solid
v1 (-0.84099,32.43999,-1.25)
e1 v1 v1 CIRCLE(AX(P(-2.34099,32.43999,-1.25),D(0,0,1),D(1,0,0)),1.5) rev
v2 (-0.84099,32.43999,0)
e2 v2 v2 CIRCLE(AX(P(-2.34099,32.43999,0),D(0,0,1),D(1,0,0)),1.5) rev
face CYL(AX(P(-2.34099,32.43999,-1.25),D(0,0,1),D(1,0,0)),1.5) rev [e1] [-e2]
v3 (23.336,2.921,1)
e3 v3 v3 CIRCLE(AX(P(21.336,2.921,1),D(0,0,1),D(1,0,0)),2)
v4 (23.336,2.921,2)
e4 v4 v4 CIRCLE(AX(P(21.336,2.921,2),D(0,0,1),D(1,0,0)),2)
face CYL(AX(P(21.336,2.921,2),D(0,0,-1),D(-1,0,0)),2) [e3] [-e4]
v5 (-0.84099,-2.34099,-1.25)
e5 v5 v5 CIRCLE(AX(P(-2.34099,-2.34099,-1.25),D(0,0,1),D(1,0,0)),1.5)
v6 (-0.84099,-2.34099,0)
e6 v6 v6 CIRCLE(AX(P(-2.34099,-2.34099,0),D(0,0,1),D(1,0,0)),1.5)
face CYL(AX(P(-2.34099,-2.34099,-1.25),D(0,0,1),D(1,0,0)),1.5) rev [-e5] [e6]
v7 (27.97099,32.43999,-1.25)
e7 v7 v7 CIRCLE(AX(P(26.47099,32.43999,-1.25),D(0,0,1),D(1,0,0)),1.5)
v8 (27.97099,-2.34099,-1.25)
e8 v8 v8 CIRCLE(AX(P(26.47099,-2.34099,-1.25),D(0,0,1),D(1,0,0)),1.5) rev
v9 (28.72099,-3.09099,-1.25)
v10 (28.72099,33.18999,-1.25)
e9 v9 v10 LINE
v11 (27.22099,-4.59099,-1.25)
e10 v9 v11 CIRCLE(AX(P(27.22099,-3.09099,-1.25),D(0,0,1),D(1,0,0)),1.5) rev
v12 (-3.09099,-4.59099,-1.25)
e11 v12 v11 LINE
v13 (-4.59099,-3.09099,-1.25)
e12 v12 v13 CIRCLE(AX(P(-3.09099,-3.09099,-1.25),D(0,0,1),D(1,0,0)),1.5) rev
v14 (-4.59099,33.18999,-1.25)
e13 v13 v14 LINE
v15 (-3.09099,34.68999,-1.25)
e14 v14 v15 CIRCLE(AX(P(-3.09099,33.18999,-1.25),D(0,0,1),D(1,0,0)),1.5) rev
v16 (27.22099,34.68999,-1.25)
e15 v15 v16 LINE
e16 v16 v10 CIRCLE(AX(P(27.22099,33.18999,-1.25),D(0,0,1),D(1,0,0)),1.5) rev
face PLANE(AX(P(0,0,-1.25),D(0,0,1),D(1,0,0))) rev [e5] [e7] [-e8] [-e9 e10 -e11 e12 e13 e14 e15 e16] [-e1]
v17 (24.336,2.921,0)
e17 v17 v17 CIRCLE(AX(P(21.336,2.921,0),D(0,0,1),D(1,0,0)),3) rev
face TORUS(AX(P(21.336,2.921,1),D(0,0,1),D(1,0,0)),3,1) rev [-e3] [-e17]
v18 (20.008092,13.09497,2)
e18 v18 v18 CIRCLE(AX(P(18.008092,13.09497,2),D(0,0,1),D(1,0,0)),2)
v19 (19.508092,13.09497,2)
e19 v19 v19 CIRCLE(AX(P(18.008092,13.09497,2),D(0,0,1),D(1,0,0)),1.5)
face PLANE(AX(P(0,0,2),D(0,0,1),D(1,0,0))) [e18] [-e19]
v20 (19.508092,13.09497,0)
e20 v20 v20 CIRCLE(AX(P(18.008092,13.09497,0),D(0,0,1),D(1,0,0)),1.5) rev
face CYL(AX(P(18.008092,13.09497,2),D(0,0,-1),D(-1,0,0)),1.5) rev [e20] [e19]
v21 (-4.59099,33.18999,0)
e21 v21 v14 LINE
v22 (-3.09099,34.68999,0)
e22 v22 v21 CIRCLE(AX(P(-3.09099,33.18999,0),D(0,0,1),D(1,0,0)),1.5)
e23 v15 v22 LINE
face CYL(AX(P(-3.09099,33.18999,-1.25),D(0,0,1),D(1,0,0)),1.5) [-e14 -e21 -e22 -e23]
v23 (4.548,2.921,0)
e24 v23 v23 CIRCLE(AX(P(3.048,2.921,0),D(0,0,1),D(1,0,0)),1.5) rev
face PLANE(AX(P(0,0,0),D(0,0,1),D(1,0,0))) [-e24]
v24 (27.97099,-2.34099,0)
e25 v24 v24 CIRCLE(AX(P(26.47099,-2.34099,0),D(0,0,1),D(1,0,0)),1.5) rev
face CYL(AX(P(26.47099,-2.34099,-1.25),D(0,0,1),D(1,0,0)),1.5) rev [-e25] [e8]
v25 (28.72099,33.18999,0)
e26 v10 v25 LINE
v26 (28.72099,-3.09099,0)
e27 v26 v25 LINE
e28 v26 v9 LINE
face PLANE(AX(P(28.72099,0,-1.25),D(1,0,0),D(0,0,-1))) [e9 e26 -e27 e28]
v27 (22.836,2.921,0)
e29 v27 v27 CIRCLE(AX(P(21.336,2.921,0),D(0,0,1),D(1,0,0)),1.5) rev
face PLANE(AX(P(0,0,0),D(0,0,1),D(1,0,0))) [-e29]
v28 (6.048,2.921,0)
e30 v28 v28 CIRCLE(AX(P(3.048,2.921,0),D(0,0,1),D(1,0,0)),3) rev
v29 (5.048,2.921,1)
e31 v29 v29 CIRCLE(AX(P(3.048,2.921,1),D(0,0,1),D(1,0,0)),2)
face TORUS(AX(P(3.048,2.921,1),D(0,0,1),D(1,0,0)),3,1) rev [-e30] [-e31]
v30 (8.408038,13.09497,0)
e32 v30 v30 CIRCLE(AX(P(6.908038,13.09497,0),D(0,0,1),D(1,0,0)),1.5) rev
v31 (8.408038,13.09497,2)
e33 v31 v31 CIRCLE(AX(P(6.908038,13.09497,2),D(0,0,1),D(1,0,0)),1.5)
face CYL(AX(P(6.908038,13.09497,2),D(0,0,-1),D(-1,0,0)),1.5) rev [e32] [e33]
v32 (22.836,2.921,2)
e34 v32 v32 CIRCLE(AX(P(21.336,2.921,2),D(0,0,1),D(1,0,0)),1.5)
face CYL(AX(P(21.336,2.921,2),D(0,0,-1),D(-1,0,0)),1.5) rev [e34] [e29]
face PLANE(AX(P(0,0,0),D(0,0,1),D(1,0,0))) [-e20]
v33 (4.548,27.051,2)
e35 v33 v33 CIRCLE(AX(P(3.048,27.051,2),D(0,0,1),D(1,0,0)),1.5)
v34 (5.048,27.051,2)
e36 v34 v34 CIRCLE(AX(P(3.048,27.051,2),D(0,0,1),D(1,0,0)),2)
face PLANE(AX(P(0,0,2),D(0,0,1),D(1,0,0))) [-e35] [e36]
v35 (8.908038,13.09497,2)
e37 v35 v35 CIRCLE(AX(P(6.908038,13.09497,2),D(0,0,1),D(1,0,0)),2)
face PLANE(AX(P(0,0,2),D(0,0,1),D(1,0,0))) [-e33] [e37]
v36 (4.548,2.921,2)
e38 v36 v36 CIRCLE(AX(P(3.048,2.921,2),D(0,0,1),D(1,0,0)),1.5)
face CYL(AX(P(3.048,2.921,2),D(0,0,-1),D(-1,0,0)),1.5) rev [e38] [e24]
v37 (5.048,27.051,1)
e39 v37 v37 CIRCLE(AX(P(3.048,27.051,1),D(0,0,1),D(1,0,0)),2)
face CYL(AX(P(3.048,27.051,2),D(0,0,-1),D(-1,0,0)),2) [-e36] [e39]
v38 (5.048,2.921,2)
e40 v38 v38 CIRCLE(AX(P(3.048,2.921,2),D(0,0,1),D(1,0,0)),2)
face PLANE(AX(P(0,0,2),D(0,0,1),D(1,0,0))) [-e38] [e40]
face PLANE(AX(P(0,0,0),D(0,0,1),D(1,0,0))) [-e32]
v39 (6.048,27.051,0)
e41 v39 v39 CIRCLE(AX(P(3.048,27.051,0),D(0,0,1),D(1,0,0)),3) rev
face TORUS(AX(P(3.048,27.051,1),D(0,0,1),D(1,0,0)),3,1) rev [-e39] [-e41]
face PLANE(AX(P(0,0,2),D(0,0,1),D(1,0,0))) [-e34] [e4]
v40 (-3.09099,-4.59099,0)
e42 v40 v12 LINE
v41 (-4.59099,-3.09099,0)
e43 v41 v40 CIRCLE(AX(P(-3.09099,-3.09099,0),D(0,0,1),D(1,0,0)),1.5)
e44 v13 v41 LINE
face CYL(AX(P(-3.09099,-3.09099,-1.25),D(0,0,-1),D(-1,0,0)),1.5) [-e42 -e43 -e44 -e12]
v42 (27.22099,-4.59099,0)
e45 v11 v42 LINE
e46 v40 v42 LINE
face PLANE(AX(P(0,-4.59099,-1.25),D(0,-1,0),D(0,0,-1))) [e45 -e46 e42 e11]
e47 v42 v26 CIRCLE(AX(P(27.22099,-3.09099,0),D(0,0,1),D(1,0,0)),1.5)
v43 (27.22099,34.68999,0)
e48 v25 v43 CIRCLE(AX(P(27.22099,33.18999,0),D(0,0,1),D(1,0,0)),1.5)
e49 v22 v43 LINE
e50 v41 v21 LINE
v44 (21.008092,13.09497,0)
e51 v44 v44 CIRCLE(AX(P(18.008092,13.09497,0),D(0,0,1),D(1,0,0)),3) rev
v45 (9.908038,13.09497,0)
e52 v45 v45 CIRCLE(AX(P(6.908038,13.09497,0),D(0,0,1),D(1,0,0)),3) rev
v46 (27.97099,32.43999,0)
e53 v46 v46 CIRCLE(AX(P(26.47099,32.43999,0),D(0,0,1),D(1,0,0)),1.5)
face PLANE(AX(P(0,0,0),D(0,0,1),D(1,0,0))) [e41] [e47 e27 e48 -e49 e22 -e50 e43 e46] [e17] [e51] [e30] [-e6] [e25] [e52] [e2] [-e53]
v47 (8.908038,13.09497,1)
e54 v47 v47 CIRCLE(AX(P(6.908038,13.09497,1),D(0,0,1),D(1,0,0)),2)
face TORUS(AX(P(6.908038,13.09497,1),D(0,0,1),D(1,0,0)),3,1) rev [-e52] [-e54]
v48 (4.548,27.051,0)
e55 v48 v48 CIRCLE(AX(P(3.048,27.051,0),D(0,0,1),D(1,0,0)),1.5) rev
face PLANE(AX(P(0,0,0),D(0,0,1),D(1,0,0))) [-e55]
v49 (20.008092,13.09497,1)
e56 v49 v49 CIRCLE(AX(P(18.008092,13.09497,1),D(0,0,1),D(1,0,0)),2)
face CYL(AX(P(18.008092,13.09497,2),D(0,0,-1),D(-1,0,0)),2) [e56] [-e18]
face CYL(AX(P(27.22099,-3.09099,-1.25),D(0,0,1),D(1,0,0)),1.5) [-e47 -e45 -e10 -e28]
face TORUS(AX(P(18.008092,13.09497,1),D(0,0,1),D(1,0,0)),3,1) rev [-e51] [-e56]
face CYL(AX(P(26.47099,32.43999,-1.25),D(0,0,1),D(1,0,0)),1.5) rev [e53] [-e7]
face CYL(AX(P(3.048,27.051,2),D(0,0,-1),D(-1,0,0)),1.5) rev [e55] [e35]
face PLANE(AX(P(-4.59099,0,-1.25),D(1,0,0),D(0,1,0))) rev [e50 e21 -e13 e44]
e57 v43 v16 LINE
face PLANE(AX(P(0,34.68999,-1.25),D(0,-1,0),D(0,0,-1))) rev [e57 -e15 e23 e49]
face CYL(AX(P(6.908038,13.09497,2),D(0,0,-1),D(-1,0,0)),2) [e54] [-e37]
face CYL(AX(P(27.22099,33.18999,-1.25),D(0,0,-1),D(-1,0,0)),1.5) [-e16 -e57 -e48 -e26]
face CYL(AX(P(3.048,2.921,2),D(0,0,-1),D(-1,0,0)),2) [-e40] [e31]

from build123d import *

# Parameters (mm, degrees)
SKETCH1_W           = 33.311980516
SKETCH1_H           = 39.280980516
SKETCH1_R           = 1.5
BOSS_EXTRUDE1_DEPTH = 1.25
FILLET1_R           = 1.5
SKETCH1_16_R        = 2
SKETCH1_16_R_2      = 1.5
BOSS_EXTRUDE2_DEPTH = 2
FILLET2_R           = 1


with BuildPart() as part:
    # Sketch1 → Boss-Extrude1 (new body)
    with BuildSketch(Plane.XY):
        with Locations((12.065, 15.0495)):
            Rectangle(SKETCH1_W, SKETCH1_H)
        with Locations((-2.340990258, -2.340990258)):
            Circle(SKETCH1_R, mode=Mode.SUBTRACT)
        with Locations((26.470990258, -2.340990258)):
            Circle(SKETCH1_R, mode=Mode.SUBTRACT)
        with Locations((-2.340990258, 32.439990258)):
            Circle(SKETCH1_R, mode=Mode.SUBTRACT)
        with Locations((26.470990258, 32.439990258)):
            Circle(SKETCH1_R, mode=Mode.SUBTRACT)
    extrude(amount=-BOSS_EXTRUDE1_DEPTH)

    # Fillet1
    fillet1_edges = [part.edges().sort_by_distance(p)[0] for p in [
        (-4.590990258, -4.590990258, -0.625),
        (-4.590990258, 34.689990258, -0.625),
        (28.720990258, 34.689990258, -0.625),
        (28.720990258, -4.590990258, -0.625),
    ]]
    fillet(fillet1_edges, radius=FILLET1_R)

    # Sketch1<16> → Boss-Extrude2 (add)
    # profile 1 of 5: a face of its own
    with BuildSketch(Plane.XY):
        with Locations((3.048, 2.921)):
            Circle(SKETCH1_16_R)
        with Locations((3.048, 2.921)):
            Circle(SKETCH1_16_R_2, mode=Mode.SUBTRACT)
    # profile 2 of 5: a face of its own
    with BuildSketch(Plane.XY):
        with Locations((6.908038, 13.09497)):
            Circle(SKETCH1_16_R)
        with Locations((6.908038, 13.09497)):
            Circle(SKETCH1_16_R_2, mode=Mode.SUBTRACT)
    # profile 3 of 5: a face of its own
    with BuildSketch(Plane.XY):
        with Locations((18.008092, 13.09497)):
            Circle(SKETCH1_16_R)
        with Locations((18.008092, 13.09497)):
            Circle(SKETCH1_16_R_2, mode=Mode.SUBTRACT)
    # profile 4 of 5: a face of its own
    with BuildSketch(Plane.XY):
        with Locations((21.336, 2.921)):
            Circle(SKETCH1_16_R)
        with Locations((21.336, 2.921)):
            Circle(SKETCH1_16_R_2, mode=Mode.SUBTRACT)
    # profile 5 of 5: a face of its own
    with BuildSketch(Plane.XY):
        with Locations((3.048, 27.051)):
            Circle(SKETCH1_16_R)
        with Locations((3.048, 27.051)):
            Circle(SKETCH1_16_R_2, mode=Mode.SUBTRACT)
    extrude(amount=BOSS_EXTRUDE2_DEPTH)

    # Fillet2
    fillet2_edges = [part.edges().sort_by_distance(p)[0] for p in [
        (1.048, 2.921, 0),
        (19.336, 2.921, 0),
        (16.008092, 13.09497, 0),
        (4.908038, 13.09497, 0),
        (1.048, 27.051, 0),
    ]]
    fillet(fillet2_edges, radius=FILLET2_R)


solid = part.part
